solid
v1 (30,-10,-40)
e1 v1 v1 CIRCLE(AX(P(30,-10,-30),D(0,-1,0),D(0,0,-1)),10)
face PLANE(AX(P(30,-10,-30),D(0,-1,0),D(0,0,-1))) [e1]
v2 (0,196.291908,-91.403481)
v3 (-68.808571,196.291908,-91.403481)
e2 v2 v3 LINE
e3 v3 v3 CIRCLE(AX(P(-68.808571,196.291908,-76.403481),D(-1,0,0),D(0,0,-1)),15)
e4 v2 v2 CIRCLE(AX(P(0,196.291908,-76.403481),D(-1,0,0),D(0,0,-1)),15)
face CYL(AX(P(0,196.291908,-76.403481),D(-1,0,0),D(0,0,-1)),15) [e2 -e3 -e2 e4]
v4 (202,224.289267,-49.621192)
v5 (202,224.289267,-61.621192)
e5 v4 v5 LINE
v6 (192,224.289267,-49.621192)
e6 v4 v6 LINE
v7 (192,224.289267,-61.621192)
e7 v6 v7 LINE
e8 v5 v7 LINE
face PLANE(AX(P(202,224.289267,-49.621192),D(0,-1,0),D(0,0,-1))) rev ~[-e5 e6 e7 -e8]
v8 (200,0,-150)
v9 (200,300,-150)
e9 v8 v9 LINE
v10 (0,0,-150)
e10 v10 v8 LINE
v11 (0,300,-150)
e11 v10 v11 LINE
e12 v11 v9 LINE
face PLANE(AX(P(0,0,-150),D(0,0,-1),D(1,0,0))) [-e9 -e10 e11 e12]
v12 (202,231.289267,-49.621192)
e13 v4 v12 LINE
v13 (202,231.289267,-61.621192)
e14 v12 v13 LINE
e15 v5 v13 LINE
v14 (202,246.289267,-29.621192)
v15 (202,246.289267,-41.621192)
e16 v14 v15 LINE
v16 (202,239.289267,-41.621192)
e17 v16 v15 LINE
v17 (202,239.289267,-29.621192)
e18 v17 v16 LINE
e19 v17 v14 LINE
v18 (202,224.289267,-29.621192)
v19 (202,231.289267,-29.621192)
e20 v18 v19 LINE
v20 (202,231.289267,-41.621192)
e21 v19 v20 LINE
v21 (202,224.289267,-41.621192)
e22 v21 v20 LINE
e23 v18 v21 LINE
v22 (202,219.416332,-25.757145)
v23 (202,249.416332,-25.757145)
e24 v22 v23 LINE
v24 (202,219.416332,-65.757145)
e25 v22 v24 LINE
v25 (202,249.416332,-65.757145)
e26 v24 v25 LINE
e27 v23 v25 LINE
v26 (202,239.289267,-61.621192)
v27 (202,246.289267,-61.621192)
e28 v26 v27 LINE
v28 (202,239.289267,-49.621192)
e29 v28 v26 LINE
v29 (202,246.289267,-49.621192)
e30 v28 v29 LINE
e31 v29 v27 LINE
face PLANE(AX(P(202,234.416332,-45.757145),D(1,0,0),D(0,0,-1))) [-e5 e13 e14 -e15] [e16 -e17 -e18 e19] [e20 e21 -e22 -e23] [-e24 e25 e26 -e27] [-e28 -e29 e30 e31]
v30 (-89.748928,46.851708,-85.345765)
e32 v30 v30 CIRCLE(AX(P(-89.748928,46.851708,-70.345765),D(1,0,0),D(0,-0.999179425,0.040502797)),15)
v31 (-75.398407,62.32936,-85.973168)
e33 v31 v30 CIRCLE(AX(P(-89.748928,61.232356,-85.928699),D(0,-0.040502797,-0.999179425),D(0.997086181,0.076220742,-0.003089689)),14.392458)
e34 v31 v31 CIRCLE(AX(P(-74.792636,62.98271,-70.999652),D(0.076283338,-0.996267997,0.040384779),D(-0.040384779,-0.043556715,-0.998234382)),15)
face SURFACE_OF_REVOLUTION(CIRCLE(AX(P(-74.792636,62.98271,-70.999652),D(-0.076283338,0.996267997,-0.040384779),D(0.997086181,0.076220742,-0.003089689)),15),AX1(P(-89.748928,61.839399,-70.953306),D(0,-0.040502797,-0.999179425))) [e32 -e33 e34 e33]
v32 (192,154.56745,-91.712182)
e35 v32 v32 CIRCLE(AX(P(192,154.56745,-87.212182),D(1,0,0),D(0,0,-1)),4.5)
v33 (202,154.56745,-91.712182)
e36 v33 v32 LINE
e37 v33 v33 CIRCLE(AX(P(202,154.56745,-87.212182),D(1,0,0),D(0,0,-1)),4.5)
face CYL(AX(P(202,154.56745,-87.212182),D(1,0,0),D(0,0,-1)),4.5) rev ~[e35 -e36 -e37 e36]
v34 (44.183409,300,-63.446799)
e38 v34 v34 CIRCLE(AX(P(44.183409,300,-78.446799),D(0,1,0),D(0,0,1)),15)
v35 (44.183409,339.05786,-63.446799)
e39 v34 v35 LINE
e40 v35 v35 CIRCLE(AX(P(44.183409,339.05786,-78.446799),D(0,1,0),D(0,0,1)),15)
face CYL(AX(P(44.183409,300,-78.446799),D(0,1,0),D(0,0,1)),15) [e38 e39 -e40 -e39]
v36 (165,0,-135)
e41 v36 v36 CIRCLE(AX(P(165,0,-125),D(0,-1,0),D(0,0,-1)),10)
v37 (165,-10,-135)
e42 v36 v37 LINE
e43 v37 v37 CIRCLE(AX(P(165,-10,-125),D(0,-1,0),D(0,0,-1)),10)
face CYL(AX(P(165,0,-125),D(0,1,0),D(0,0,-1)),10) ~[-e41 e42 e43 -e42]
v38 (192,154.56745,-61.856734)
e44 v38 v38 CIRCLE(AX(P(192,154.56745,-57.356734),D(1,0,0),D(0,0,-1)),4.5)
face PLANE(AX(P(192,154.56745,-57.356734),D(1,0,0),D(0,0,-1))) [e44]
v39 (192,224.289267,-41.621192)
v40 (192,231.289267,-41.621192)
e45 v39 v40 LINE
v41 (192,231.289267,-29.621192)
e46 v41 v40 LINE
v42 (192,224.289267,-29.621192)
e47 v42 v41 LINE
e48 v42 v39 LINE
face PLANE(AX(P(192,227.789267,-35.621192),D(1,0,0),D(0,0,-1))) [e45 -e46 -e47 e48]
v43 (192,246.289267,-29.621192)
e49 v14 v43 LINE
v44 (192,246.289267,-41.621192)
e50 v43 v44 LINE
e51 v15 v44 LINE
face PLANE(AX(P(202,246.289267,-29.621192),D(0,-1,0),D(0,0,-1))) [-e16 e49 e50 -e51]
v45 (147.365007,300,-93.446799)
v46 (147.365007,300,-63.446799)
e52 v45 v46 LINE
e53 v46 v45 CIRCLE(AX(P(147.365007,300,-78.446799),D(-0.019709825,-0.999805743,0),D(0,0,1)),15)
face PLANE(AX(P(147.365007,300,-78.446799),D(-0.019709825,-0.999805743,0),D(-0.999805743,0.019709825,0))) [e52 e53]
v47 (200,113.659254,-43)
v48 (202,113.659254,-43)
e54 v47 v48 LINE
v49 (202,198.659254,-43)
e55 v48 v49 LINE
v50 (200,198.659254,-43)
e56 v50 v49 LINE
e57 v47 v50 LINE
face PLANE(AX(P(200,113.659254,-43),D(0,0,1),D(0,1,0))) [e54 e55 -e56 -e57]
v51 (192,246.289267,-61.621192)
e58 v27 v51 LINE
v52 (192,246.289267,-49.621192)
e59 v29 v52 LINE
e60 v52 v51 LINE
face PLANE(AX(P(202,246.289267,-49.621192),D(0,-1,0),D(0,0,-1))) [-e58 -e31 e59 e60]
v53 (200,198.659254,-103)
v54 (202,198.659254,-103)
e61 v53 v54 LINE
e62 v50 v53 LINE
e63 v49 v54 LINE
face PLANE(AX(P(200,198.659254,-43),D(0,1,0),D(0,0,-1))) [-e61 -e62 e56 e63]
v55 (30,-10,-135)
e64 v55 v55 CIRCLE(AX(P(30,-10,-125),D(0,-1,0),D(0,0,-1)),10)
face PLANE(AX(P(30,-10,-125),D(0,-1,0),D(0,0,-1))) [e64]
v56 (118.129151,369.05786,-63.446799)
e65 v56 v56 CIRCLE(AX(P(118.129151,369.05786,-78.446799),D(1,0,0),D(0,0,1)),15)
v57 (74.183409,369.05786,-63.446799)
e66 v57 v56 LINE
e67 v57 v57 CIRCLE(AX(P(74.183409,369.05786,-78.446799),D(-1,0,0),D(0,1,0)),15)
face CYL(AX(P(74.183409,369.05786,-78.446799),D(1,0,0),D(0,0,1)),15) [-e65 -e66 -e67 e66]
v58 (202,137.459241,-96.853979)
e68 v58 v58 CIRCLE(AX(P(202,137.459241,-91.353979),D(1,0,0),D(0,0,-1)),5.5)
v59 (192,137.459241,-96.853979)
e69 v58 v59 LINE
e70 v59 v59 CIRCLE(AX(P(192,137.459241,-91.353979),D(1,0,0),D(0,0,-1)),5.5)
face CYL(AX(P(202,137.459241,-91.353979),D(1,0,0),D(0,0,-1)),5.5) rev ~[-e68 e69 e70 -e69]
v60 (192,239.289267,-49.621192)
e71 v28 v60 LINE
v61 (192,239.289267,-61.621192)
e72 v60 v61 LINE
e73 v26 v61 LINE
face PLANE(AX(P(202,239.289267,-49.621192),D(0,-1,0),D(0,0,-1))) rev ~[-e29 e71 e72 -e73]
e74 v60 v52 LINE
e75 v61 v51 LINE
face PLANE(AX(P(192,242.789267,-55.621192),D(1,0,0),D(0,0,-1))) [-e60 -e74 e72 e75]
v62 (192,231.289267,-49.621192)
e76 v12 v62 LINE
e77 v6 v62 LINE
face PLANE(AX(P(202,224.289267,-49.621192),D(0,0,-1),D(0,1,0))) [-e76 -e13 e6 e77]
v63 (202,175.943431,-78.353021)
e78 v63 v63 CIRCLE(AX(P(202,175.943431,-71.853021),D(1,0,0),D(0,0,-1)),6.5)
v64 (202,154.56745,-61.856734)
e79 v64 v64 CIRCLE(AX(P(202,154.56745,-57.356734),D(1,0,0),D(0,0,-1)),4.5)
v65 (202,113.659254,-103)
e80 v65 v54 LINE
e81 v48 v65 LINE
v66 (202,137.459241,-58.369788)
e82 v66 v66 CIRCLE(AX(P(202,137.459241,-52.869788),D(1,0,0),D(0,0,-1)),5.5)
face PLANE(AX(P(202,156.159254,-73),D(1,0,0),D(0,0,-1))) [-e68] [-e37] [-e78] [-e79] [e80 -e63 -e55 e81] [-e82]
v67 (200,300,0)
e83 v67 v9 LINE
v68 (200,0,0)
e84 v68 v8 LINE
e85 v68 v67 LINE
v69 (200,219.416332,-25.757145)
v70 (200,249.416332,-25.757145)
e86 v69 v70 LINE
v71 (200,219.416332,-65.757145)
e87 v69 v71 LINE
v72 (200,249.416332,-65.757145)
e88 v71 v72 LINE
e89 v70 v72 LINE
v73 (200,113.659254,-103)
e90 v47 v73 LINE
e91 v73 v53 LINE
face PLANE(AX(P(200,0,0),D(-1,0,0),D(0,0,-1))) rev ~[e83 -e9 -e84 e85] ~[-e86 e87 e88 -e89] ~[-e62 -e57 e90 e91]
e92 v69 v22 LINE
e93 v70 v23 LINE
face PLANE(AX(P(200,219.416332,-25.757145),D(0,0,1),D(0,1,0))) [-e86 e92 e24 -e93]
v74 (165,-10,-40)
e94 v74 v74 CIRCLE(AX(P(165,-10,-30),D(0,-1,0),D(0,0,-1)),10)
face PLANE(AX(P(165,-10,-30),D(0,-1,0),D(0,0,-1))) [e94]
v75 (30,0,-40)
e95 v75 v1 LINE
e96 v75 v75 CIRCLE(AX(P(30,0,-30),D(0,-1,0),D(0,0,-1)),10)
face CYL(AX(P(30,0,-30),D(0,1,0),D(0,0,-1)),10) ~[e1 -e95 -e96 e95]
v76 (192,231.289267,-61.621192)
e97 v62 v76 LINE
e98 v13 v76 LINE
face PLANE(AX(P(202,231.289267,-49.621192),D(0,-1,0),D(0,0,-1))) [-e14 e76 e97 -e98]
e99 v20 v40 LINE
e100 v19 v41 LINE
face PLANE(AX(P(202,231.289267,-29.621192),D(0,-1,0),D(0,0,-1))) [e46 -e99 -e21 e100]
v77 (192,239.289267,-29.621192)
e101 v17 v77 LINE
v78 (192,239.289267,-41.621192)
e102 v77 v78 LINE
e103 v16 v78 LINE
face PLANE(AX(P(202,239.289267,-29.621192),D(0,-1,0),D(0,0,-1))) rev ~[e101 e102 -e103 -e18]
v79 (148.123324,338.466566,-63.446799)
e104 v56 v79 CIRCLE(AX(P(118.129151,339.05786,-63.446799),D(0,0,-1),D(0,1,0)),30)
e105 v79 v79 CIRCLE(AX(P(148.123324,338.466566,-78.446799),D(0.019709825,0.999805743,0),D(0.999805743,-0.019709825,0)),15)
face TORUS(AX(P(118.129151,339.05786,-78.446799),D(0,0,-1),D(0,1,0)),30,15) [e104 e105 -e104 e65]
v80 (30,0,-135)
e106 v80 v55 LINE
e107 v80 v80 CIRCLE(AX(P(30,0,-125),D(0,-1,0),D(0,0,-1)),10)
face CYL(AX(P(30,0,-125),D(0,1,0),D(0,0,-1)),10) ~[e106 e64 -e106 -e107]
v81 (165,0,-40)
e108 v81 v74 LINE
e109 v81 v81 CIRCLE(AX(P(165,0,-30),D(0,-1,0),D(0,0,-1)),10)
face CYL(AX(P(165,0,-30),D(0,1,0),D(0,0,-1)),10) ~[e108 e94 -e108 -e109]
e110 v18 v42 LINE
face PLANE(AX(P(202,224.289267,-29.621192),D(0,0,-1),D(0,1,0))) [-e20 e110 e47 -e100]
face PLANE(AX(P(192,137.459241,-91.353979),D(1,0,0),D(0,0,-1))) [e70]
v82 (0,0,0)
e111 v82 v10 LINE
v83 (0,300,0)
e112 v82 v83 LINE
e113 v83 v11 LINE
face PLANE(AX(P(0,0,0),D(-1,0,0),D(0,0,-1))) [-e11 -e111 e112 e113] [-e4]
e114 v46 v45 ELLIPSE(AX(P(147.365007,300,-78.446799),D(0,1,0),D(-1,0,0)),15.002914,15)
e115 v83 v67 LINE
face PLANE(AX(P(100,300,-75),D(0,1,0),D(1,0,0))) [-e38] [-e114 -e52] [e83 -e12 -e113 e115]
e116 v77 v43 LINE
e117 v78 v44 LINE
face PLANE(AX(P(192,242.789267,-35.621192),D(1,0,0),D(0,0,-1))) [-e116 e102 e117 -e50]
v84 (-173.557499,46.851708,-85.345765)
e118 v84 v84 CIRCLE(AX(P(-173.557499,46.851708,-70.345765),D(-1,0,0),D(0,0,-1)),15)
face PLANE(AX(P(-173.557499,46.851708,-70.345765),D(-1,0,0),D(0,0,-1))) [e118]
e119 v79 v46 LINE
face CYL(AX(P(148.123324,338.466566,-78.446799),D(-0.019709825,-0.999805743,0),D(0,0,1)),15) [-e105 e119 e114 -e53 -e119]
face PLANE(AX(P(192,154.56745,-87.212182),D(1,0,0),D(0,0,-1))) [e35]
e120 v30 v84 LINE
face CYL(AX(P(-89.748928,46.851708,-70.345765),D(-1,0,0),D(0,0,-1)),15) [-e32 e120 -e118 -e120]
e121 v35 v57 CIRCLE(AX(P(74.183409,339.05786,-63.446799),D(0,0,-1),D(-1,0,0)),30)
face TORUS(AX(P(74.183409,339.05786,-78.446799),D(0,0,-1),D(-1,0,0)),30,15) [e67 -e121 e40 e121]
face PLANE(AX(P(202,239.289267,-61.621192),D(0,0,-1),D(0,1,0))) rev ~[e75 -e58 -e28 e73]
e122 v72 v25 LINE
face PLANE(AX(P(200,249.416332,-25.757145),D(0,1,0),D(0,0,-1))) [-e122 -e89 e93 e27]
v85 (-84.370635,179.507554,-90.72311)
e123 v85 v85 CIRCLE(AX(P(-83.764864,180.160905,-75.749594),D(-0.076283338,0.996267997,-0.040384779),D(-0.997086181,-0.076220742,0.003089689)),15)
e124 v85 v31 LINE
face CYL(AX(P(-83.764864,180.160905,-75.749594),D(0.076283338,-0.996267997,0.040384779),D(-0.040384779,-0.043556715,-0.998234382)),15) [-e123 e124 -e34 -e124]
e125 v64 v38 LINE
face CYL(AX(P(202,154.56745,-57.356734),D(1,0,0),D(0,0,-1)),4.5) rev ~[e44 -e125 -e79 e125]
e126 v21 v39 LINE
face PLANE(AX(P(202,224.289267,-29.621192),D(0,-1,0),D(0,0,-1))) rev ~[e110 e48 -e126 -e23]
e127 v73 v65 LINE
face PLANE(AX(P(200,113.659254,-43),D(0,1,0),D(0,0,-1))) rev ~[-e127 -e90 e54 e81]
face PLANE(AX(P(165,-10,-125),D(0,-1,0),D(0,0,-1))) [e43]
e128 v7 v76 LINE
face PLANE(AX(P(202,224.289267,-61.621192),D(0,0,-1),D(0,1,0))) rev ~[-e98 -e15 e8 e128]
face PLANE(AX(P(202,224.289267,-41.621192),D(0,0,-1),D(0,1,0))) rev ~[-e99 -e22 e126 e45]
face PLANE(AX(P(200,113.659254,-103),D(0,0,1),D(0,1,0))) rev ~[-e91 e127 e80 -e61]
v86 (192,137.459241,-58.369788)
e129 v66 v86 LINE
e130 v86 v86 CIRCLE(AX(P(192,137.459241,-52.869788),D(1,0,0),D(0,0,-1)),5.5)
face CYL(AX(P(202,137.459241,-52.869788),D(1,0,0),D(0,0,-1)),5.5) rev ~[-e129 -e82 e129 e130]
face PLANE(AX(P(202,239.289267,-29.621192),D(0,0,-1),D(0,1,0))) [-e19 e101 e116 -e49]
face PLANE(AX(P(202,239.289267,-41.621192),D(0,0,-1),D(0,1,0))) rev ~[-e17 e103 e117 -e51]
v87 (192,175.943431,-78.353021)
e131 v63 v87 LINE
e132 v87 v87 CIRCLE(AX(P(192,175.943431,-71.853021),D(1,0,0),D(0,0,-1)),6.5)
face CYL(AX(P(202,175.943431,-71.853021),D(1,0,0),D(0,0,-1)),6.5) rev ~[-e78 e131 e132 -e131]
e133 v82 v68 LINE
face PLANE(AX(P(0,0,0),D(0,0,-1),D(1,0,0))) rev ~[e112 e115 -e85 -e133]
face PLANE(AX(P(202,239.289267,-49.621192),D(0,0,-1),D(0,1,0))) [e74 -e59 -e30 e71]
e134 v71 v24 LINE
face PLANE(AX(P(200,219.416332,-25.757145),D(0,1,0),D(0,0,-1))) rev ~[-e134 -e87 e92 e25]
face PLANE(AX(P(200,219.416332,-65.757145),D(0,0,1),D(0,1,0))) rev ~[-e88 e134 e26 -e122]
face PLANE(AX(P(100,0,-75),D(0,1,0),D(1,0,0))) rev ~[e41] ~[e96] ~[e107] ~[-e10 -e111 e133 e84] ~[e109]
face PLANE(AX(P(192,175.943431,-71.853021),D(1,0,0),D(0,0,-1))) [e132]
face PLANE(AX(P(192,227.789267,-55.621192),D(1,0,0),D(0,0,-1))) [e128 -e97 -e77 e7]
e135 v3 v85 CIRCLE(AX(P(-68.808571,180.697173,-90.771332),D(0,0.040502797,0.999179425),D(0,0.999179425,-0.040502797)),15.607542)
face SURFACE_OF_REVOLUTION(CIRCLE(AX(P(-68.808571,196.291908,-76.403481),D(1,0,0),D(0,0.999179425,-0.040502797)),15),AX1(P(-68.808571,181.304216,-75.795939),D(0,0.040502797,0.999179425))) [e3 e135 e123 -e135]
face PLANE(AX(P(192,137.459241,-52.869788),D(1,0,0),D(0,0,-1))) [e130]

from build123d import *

# Parameters (mm, degrees)
SKETCH1_W            = 200
SKETCH1_H            = 150
BOSS_EXTRUDE1_DEPTH  = 300
SKETCH2_R            = 10
BOSS_EXTRUDE2_DEPTH  = 10
LPATTERN1_COUNT      = 2
LPATTERN1_PITCH      = 135
LPATTERN1_COUNT_DIR2 = 2
LPATTERN1_PITCH_DIR2 = 95
SKETCH3_W            = 60
SKETCH3_H            = 85
BOSS_EXTRUDE3_DEPTH  = 2
SKETCH4_R            = 6.5
SKETCH4_R_2          = 4.5
SKETCH4_R_3          = 5.5
CUT_EXTRUDE1_DEPTH   = 10
SKETCH5_W            = 40
SKETCH5_H            = 30
BOSS_EXTRUDE4_DEPTH  = 2
SKETCH6_W            = 12
SKETCH6_H            = 7
CUT_EXTRUDE2_DEPTH   = 10
LPATTERN2_COUNT      = 2
LPATTERN2_PITCH      = 20
LPATTERN2_COUNT_DIR2 = 2
LPATTERN2_PITCH_DIR2 = 15
SWEEP1_PROFILE_R     = 15
SWEEP3_PROFILE_R     = 15


with BuildPart() as part:
    # Sketch1 → Boss-Extrude1 (new body)
    with BuildSketch(Plane(origin=(0, 0, 0), x_dir=(1, 0, 0), z_dir=(0, 1, 0))):
        with Locations((100, 75)):
            Rectangle(SKETCH1_W, SKETCH1_H)
    extrude(amount=BOSS_EXTRUDE1_DEPTH)

    # Sketch2 → Boss-Extrude2 (add)
    with BuildSketch(Plane.XZ):
        with Locations(Location((30, -30, 0), (0, 0, 270))):
            Circle(SKETCH2_R)
    boss_extrude2 = extrude(amount=BOSS_EXTRUDE2_DEPTH)

    # LPattern1: Boss-Extrude2 2 × 2
    with Locations(*[(i * LPATTERN1_PITCH, 0, -j * LPATTERN1_PITCH_DIR2) for i in range(LPATTERN1_COUNT) for j in range(LPATTERN1_COUNT_DIR2) if (i, j) != (0, 0)]):
        add(boss_extrude2)

    # Sketch3 → Boss-Extrude3 (add)
    with BuildSketch(Plane(origin=(200, 0, 0), x_dir=(0, 0, -1), z_dir=(1, 0, 0))):
        with Locations((73, 156.159254336)):
            Rectangle(SKETCH3_W, SKETCH3_H)
    extrude(amount=BOSS_EXTRUDE3_DEPTH)

    # Sketch4 → Cut-Extrude1 (cut)
    with BuildSketch(Plane(origin=(202, 0, 0), x_dir=(0, 0, -1), z_dir=(1, 0, 0))):
        with Locations((71.853020993, 175.943431477)):
            Circle(SKETCH4_R)
        with Locations((57.356733942, 154.567450344)):
            Circle(SKETCH4_R_2)
        with Locations((87.212182272, 154.567450344)):
            Circle(SKETCH4_R_2)
        with Locations((52.869787951, 137.459240855)):
            Circle(SKETCH4_R_3)
        with Locations((91.353978572, 137.459240855)):
            Circle(SKETCH4_R_3)
    extrude(amount=-CUT_EXTRUDE1_DEPTH, mode=Mode.SUBTRACT)

    # Sketch5 → Boss-Extrude4 (add)
    with BuildSketch(Plane(origin=(200, 0, 0), x_dir=(0, 0, -1), z_dir=(1, 0, 0))):
        with Locations((45.757145197, 234.416332146)):
            Rectangle(SKETCH5_W, SKETCH5_H)
    extrude(amount=BOSS_EXTRUDE4_DEPTH)

    # Sketch6 → Cut-Extrude2 (cut)
    with BuildSketch(Plane(origin=(202, 0, 0), x_dir=(0, 0, -1), z_dir=(1, 0, 0))):
        with Locations((35.621192249, 242.789266553)):
            Rectangle(SKETCH6_W, SKETCH6_H)
    cut_extrude2 = extrude(amount=-CUT_EXTRUDE2_DEPTH, mode=Mode.SUBTRACT)

    # LPattern2: Cut-Extrude2 2 × 2
    with Locations(*[(0, -j * LPATTERN2_PITCH_DIR2, -i * LPATTERN2_PITCH) for i in range(LPATTERN2_COUNT) for j in range(LPATTERN2_COUNT_DIR2) if (i, j) != (0, 0)]):
        add(cut_extrude2, mode=Mode.SUBTRACT)

    # Sweep1: sweep along a curve in space
    with BuildLine() as sweep1_path:
        Line((44.183408536, 300, -78.446799091), (44.183408536, 339.05786042, -78.446799091))
        ThreePointArc((44.183408536, 339.05786042, -78.446799091), (52.970205101, 360.271063856, -78.446799091), (74.183408536, 369.05786042, -78.446799091))
        Line((74.183408536, 369.05786042, -78.446799091), (118.129151449, 369.05786042, -78.446799091))
        ThreePointArc((118.129151449, 369.05786042, -78.446799091), (139.550389075, 360.060969204, -78.446799091), (148.123323724, 338.466565659, -78.446799091))
        Line((148.123323724, 338.466565659, -78.446799091), (147.365007124, 300, -78.446799091))
    # Sweep1 profile (on start of the path) → Sweep1 (sweep)
    with BuildSketch(Plane(origin=(44.183408536, 300, -78.446799091), x_dir=(0, 0, 1), z_dir=(0, 1, 0))):
        Circle(SWEEP1_PROFILE_R)
    sweep(path=sweep1_path.line)

    # Sweep3: sweep along a curve in space
    with BuildLine() as sweep3_path:
        Line((0, 196.29190753, -76.403481412), (-68.808571034, 196.29190753, -76.403481412))
        ThreePointArc((-68.808571034, 196.29190753, -76.403481412), (-79.81229202, 191.489875152, -76.208825939), (-83.764863748, 180.160905025, -75.749594126))
        Line((-83.764863748, 180.160905025, -75.749594126), (-74.792635523, 62.982710481, -70.999651793))
        ThreePointArc((-74.792635523, 62.982710481, -70.999651793), (-78.745207251, 51.653740354, -70.540419979), (-89.748928238, 46.851707976, -70.345764506))
        Line((-89.748928238, 46.851707976, -70.345764506), (-173.557499271, 46.851707976, -70.345764506))
    # Sweep3 profile (on start of the path) → Sweep3 (sweep)
    with BuildSketch(Plane(origin=(0, 196.29190753, -76.403481412), x_dir=(0, 0, -1), z_dir=(-1, 0, 0))):
        Circle(SWEEP3_PROFILE_R)
    sweep(path=sweep3_path.line)


solid = part.part
